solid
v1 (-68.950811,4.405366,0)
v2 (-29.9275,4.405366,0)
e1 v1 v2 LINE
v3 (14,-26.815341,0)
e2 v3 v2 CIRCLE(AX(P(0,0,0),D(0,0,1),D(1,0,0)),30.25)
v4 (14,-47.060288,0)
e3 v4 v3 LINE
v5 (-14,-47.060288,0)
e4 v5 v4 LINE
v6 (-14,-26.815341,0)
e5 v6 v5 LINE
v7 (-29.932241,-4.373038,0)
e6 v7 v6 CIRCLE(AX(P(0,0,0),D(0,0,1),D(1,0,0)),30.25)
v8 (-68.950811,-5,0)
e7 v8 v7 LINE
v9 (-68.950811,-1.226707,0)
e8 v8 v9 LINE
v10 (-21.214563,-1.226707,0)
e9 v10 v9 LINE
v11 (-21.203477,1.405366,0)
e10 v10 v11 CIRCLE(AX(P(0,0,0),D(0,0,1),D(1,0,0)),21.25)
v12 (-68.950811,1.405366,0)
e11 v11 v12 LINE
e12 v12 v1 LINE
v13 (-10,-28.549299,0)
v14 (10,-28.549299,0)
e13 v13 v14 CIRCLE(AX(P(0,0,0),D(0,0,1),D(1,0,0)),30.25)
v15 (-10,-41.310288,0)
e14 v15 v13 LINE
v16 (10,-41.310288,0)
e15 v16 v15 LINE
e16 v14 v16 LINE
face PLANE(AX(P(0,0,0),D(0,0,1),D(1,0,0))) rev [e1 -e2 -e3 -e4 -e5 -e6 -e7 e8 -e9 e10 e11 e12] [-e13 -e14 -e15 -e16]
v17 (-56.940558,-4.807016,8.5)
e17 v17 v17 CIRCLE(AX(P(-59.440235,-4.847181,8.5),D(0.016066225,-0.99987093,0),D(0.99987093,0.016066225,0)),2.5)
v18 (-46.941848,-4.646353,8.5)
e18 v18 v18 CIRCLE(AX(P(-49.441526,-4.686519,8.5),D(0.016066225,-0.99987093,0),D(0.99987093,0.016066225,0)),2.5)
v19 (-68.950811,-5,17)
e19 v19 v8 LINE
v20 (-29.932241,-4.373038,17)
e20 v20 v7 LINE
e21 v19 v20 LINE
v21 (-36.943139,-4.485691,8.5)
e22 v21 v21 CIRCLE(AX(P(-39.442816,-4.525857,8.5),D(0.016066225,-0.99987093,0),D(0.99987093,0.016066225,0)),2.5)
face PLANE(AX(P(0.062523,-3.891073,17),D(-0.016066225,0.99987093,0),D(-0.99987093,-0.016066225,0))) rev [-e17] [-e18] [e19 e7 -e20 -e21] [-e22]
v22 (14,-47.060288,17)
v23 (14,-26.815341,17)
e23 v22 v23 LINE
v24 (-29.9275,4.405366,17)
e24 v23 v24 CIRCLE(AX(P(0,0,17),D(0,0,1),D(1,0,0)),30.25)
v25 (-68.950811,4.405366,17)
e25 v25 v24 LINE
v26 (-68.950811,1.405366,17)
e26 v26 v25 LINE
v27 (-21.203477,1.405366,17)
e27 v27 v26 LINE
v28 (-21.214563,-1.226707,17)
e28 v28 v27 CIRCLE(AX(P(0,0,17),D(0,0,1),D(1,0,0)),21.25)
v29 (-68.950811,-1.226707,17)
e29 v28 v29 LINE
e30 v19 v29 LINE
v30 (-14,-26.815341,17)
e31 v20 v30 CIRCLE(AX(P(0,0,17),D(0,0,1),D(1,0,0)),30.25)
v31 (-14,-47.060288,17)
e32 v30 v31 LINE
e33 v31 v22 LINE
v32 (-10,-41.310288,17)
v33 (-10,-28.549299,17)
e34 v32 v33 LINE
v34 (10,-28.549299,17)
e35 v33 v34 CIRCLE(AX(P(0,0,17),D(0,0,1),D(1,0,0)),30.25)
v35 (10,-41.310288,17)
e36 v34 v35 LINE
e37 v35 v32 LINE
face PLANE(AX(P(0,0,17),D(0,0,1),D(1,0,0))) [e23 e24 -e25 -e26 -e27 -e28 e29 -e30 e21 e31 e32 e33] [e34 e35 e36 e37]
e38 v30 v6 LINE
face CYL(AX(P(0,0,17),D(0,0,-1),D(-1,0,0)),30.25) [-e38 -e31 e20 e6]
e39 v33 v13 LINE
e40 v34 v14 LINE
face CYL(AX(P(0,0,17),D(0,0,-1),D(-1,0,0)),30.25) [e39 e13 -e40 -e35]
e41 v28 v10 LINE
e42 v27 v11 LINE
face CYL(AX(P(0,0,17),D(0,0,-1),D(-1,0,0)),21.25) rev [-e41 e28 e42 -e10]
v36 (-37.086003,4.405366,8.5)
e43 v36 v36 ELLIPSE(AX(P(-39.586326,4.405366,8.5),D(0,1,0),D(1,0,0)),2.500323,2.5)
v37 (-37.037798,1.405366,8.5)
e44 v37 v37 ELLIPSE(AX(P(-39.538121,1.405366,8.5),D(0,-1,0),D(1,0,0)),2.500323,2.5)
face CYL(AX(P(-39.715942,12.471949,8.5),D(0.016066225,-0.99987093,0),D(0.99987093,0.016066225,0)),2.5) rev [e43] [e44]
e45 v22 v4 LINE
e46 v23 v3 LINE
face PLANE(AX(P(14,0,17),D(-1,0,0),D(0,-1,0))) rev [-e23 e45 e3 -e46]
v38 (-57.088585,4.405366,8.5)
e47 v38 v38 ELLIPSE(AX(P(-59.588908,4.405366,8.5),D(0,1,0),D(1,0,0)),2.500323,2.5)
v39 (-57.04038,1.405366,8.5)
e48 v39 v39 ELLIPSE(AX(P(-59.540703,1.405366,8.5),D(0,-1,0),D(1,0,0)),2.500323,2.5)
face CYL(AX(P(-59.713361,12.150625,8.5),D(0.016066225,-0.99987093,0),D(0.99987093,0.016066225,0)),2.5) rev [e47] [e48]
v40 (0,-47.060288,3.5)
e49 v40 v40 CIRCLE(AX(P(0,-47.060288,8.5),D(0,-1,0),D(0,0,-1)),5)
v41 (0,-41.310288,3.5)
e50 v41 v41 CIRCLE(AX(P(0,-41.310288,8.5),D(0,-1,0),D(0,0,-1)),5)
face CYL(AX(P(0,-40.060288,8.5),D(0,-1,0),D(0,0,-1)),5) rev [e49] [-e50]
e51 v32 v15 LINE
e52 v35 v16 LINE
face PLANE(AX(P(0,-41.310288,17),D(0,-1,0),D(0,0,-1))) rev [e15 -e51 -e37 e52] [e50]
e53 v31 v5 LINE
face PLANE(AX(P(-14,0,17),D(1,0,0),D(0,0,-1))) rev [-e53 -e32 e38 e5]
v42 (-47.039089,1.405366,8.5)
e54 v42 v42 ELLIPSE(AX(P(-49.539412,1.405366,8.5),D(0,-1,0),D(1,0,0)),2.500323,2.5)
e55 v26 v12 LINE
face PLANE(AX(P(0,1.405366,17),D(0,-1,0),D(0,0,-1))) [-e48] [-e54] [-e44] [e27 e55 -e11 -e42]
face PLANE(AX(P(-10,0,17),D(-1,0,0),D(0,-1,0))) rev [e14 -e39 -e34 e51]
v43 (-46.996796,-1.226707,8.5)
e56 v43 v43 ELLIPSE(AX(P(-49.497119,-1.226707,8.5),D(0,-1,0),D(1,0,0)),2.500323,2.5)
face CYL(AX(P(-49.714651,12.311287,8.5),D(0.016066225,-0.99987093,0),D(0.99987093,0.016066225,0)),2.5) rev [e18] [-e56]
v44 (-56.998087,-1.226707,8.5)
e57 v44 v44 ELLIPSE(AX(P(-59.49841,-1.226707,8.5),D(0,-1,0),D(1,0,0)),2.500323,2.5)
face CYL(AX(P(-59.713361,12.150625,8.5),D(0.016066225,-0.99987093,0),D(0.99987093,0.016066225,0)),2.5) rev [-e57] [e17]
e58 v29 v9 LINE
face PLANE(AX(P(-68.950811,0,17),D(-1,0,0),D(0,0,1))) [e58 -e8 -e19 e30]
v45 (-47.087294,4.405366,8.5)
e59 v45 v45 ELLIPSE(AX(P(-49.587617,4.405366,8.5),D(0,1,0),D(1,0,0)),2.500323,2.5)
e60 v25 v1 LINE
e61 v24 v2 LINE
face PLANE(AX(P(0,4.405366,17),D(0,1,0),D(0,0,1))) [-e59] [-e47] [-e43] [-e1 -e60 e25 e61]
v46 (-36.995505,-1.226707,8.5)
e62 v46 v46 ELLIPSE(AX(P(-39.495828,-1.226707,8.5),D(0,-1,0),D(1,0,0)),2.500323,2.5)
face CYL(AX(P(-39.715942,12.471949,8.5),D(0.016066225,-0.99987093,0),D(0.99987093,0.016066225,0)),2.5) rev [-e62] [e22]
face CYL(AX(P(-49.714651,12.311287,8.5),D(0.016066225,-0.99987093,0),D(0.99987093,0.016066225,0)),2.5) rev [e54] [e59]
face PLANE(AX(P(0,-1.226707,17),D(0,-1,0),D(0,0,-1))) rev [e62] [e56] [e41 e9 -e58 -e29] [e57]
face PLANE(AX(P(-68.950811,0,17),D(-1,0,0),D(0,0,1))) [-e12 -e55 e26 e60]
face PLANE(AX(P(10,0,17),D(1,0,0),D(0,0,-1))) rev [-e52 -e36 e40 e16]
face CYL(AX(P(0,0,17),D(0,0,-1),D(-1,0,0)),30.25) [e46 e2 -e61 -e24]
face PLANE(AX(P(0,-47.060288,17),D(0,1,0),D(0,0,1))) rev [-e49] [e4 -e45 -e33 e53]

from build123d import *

# Parameters (mm, degrees)
SKETCH1_W           = 20
SKETCH1_H           = 5.75
BOSS_EXTRUDE1_DEPTH = 17
SKETCH2_R           = 5
CUT_EXTRUDE2_DEPTH  = 7
SKETCH4_R           = 2.5
CUT_EXTRUDE3_DEPTH  = 17


with BuildPart() as part:
    # Sketch1 → Boss-Extrude1 (new body)
    with BuildSketch(Plane.XY):
        with BuildLine():
            ThreePointArc((-30.225116888, -1.226706604), (-30.119790355, -2.803699153), (-29.932240793, -4.373037976))
            Line((-29.932240793, -4.373037976), (-20.825403989, -4.226706604))
            ThreePointArc((-20.825403989, -4.226706604), (-21.073436119, -2.733640452), (-21.21456318, -1.226706604))
            Line((-21.21456318, -1.226706604), (-30.225116888, -1.226706604))
        make_face()
        with BuildLine():
            Line((-68.950810556, -1.226706604), (-68.950810556, -5))
            Line((-68.950810556, -5), (-29.932240793, -4.373037976))
            ThreePointArc((-29.932240793, -4.373037976), (-30.119790355, -2.803699153), (-30.225116888, -1.226706604))
            Line((-30.225116888, -1.226706604), (-68.950810556, -1.226706604))
        make_face()
        with BuildLine():
            Line((-68.950810556, 4.405365931), (-68.950810556, 1.405365931))
            Line((-68.950810556, 1.405365931), (-30.217336855, 1.405365931))
            ThreePointArc((-30.217336855, 1.405365931), (-30.109804839, 2.908977923), (-29.927499912, 4.405365931))
            Line((-29.927499912, 4.405365931), (-68.950810556, 4.405365931))
        make_face()
        with BuildLine():
            ThreePointArc((-29.927499912, 4.405365931), (-30.109804839, 2.908977923), (-30.217336855, 1.405365931))
            Line((-30.217336855, 1.405365931), (-21.203477229, 1.405365931))
            ThreePointArc((-21.203477229, 1.405365931), (-21.049424337, 2.91277103), (-20.788344114, 4.405365931))
            Line((-20.788344114, 4.405365931), (-29.927499912, 4.405365931))
        make_face()
        with BuildLine():
            ThreePointArc((21.25, 0), (15.0260191, -15.0260191), (0, -21.25))
            Line((0, -21.25), (10, -21.25))
            Line((10, -21.25), (14, -21.25))
            Line((14, -21.25), (14, -26.815340759))
            ThreePointArc((14, -26.815340759), (25.870470618, -15.677412095), (30.25, 0))
            ThreePointArc((30.25, 0), (2.20857733, 30.169267246), (-29.927499912, 4.405365931))
            Line((-29.927499912, 4.405365931), (-20.788344114, 4.405365931))
            ThreePointArc((-20.788344114, 4.405365931), (2.214744632, 21.134270894), (21.25, 0))
        make_face()
        with BuildLine():
            Line((-20.825403989, -4.226706604), (-29.932240793, -4.373037976))
            ThreePointArc((-29.932240793, -4.373037976), (-24.66626611, -17.511076957), (-14, -26.815340759))
            Line((-14, -26.815340759), (-14, -21.25))
            Line((-14, -21.25), (-10, -21.25))
            Line((-10, -21.25), (0, -21.25))
            ThreePointArc((0, -21.25), (-13.448884427, -16.452659592), (-20.825403989, -4.226706604))
        make_face()
        with BuildLine():
            Line((-14, -21.25), (-14, -26.815340759))
            ThreePointArc((-14, -26.815340759), (-12.03127812, -27.754474356), (-10, -28.549299466))
            Line((-10, -28.549299466), (-10, -21.25))
            Line((-10, -21.25), (-14, -21.25))
        make_face()
        with BuildLine():
            Line((10, -21.25), (0, -21.25))
            Line((0, -21.25), (-10, -21.25))
            Line((-10, -21.25), (-10, -28.549299466))
            ThreePointArc((-10, -28.549299466), (0, -30.25), (10, -28.549299466))
            Line((10, -28.549299466), (10, -21.25))
        make_face()
        with BuildLine():
            Line((14, -21.25), (10, -21.25))
            Line((10, -21.25), (10, -28.549299466))
            ThreePointArc((10, -28.549299466), (12.03127812, -27.754474356), (14, -26.815340759))
            Line((14, -26.815340759), (14, -21.25))
        make_face()
        with BuildLine():
            ThreePointArc((14, -26.815340759), (12.03127812, -27.754474356), (10, -28.549299466))
            Line((10, -28.549299466), (10, -41.310288198))
            Line((10, -41.310288198), (10, -47.060288198))
            Line((10, -47.060288198), (14, -47.060288198))
            Line((14, -47.060288198), (14, -26.815340759))
        make_face()
        with BuildLine():
            ThreePointArc((-10, -28.549299466), (-12.03127812, -27.754474356), (-14, -26.815340759))
            Line((-14, -26.815340759), (-14, -47.060288198))
            Line((-14, -47.060288198), (-10, -47.060288198))
            Line((-10, -47.060288198), (-10, -41.310288198))
            Line((-10, -41.310288198), (-10, -28.549299466))
        make_face()
        with Locations((0, -44.185288198)):
            Rectangle(SKETCH1_W, SKETCH1_H)
    extrude(amount=BOSS_EXTRUDE1_DEPTH)

    # Sketch2 → Cut-Extrude2 (cut)
    with BuildSketch(Plane.XZ.offset(47.060288198)):
        with Locations((0, 8.5)):
            Circle(SKETCH2_R)
    extrude(amount=-CUT_EXTRUDE2_DEPTH, mode=Mode.SUBTRACT)

    # Sketch4 → Cut-Extrude3 (cut)
    with BuildSketch(Plane(origin=(0.062522925, -3.89107316, 0), x_dir=(0.99987093, 0.016066225, 0), z_dir=(0.016066225, -0.99987093, 0))):
        with Locations((-49.510438917, 8.5)):
            Circle(SKETCH4_R)
        with Locations((-39.510438917, 8.5)):
            Circle(SKETCH4_R)
        with Locations((-59.510438917, 8.5)):
            Circle(SKETCH4_R)
    extrude(amount=-CUT_EXTRUDE3_DEPTH, mode=Mode.SUBTRACT)


solid = part.part
